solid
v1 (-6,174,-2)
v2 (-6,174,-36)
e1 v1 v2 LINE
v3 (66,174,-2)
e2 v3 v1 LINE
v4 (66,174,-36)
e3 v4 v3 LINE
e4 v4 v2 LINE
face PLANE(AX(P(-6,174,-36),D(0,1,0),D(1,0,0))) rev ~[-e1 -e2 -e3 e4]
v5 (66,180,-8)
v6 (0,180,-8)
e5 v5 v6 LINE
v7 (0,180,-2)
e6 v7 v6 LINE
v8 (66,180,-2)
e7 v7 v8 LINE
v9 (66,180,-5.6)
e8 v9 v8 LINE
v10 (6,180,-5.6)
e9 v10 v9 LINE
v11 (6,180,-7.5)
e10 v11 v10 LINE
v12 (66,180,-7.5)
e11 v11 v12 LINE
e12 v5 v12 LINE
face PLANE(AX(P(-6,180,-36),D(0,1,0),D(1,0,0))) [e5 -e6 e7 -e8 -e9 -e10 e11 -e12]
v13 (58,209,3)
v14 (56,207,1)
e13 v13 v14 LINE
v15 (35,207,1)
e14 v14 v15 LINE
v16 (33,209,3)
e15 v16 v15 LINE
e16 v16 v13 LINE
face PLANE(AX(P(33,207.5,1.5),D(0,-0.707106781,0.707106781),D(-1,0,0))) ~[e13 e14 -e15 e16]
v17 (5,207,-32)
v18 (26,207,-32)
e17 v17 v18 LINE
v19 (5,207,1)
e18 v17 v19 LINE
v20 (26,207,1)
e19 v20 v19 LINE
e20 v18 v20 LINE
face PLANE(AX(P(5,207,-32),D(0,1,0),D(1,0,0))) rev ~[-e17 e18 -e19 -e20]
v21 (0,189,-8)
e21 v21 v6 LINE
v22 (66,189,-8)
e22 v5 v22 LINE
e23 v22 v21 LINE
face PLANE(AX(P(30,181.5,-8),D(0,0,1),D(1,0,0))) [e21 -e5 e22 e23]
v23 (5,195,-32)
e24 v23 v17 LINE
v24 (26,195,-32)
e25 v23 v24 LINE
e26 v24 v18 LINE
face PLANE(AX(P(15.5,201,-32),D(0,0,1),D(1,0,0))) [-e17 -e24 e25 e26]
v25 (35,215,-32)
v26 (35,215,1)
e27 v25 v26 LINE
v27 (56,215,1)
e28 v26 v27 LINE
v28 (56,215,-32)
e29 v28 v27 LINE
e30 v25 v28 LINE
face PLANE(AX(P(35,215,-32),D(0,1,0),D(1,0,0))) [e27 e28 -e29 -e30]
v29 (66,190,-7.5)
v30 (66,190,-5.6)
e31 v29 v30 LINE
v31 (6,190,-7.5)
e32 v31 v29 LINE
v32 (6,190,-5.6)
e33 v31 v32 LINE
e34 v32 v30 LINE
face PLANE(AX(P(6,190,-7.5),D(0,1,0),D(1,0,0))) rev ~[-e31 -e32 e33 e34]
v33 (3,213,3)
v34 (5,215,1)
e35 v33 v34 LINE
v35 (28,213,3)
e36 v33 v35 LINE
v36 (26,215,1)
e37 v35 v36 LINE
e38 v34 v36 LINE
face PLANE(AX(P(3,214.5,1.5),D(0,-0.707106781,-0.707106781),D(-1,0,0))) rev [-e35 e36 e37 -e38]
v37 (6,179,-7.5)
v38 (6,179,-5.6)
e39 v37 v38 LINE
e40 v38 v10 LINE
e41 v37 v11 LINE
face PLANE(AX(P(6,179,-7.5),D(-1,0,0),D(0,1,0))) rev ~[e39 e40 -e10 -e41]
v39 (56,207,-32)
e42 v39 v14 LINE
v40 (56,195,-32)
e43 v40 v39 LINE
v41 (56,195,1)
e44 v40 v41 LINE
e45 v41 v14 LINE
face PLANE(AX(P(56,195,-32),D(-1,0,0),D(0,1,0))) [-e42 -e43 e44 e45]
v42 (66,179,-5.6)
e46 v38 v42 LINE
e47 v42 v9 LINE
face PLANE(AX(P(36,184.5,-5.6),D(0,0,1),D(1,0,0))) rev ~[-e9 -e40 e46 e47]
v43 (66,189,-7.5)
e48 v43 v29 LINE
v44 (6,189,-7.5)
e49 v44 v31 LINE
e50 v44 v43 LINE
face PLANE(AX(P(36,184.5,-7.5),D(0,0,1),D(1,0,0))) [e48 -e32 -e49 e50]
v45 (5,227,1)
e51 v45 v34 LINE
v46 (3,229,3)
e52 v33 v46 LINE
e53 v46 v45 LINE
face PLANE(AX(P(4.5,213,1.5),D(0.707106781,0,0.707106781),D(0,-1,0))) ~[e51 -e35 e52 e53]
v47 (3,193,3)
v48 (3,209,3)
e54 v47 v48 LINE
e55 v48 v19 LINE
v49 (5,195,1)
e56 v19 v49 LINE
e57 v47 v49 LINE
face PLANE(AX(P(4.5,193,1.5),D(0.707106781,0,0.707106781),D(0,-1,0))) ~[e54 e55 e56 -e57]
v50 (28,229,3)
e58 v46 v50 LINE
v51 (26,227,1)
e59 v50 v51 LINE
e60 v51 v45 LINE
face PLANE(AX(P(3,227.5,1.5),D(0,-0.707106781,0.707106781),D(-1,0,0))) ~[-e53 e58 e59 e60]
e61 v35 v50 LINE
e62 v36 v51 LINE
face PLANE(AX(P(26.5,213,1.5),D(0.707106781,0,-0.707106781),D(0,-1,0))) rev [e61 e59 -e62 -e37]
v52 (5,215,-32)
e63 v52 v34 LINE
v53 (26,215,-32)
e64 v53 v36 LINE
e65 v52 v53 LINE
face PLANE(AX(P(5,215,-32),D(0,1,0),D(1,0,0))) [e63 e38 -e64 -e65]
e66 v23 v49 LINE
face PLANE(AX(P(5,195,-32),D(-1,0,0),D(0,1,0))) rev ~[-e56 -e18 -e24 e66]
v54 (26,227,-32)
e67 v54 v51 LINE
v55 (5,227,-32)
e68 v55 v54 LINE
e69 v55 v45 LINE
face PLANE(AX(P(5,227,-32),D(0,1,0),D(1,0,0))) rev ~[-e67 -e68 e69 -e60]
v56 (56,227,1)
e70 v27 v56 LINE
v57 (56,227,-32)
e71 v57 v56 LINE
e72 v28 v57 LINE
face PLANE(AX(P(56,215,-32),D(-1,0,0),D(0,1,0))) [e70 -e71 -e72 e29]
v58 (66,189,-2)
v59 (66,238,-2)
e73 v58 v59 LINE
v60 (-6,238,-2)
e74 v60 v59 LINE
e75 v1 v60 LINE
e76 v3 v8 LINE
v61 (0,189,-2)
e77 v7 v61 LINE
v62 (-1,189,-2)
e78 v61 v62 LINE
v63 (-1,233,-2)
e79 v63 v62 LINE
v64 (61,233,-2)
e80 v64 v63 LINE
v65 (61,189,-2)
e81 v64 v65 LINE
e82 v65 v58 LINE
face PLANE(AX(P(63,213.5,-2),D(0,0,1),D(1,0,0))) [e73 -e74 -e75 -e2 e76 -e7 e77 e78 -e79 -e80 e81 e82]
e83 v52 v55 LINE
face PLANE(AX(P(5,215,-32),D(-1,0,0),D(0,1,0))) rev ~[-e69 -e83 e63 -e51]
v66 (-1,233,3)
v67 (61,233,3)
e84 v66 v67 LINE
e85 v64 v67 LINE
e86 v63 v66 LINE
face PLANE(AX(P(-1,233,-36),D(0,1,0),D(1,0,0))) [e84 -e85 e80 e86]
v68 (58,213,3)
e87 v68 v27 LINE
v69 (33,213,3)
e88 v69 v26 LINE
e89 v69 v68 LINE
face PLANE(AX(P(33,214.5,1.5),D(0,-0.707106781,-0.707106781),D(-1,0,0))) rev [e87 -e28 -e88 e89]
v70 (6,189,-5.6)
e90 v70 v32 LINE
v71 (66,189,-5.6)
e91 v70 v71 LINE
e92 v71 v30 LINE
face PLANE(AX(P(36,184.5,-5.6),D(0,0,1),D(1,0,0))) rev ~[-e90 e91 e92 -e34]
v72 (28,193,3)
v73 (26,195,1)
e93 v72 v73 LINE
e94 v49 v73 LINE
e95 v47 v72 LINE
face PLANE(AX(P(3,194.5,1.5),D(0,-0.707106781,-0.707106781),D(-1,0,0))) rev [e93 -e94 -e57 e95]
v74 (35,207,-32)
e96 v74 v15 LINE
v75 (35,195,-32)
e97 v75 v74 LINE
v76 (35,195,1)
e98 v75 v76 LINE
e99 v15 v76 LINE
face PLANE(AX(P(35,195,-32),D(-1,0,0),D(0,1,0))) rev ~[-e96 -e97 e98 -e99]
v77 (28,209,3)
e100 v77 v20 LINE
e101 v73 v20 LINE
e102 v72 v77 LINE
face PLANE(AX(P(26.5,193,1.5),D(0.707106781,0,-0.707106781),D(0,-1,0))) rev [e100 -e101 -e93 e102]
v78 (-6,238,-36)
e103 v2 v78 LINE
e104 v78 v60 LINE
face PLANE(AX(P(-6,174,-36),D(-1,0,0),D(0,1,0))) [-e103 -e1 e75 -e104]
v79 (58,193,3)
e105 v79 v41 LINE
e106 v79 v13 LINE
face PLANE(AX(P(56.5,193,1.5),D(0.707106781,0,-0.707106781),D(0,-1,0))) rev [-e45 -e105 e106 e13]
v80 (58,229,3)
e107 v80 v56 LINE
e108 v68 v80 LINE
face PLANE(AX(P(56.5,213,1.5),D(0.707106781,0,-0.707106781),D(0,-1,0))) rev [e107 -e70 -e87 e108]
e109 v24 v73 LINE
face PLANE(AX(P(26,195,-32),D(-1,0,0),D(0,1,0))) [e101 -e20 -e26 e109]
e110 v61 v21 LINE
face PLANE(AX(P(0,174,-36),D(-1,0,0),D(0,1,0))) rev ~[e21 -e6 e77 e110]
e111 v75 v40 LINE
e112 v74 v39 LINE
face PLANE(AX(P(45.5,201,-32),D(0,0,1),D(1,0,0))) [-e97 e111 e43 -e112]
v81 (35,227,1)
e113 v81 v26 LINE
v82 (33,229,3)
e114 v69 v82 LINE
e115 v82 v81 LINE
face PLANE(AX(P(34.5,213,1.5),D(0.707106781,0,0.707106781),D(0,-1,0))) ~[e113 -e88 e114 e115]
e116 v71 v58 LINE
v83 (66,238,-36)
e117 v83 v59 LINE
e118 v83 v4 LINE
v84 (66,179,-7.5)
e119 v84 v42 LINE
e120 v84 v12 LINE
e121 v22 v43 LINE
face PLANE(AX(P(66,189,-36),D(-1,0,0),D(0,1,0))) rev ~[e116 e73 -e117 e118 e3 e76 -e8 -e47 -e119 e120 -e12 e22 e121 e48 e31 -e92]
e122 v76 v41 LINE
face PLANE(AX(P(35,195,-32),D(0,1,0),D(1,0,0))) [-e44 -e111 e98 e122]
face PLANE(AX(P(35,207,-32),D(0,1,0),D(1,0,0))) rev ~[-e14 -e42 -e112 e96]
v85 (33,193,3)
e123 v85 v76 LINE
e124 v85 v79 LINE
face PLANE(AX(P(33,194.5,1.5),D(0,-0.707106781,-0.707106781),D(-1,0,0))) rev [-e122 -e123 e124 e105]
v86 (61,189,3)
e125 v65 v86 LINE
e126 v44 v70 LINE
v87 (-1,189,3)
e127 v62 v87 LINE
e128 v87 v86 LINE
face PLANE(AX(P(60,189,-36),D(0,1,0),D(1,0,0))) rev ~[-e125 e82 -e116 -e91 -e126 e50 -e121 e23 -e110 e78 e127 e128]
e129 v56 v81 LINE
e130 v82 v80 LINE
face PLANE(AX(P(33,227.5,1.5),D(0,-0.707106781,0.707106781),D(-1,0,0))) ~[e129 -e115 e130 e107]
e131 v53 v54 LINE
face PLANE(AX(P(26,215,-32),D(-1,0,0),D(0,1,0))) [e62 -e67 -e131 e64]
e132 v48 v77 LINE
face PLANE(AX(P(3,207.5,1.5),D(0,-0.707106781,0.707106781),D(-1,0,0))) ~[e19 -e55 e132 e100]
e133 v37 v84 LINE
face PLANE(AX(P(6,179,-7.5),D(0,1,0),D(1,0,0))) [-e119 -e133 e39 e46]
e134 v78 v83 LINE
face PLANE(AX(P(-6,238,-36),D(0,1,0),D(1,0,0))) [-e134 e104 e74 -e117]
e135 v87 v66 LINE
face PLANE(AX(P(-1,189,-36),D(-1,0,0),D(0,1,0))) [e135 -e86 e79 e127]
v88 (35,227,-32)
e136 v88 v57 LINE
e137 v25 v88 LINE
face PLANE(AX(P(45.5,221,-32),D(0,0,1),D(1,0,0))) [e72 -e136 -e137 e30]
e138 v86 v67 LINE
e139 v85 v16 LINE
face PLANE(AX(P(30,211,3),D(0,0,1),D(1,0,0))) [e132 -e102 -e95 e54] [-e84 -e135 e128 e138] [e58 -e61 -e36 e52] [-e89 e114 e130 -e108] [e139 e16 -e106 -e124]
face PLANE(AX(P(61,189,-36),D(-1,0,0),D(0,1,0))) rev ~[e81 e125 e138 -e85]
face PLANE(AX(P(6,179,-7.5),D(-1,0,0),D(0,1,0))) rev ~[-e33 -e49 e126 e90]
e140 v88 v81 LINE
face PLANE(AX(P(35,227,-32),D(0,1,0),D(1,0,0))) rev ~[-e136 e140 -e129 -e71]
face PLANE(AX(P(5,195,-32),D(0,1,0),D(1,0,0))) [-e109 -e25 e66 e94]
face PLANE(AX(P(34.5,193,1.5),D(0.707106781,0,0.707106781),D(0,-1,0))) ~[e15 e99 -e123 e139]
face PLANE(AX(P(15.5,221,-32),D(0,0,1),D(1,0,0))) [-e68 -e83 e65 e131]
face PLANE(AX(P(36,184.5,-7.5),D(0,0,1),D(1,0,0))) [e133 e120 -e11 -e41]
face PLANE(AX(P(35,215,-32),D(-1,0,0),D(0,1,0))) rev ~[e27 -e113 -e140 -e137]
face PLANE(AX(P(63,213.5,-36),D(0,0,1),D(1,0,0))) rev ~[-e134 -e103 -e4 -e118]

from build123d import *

# Parameters (mm, degrees)
BOX011_W        = 60
BOX011_H        = 11
BOX011_DEPTH    = 1.9
BOX010_W        = 72
BOX010_H        = 8
BOX010_DEPTH    = 34
BOX009_W        = 6
BOX009_H        = 49
BOX009_DEPTH    = 34
BOX008_W        = 6
BOX008_H        = 64
BOX008_DEPTH    = 34
BOX007_W        = 72
BOX007_H        = 6
BOX007_DEPTH    = 34
BOX003_W        = 25
BOX003_H        = 16
BOX003_DEPTH    = 4
CHAMFER001_SIZE = 3
BOX002_W        = 21
BOX002_H        = 12
BOX002_DEPTH    = 35
BOX004_W        = 62
BOX004_H        = 44
BOX004_DEPTH    = 39
BOX012_W        = 72
BOX012_H        = 15
BOX012_DEPTH    = 28


with BuildPart() as cube010:
    # Box011 → Box011 (new body)
    with BuildSketch(Plane(origin=(6, 179, -7.5), x_dir=(1, 0, 0), z_dir=(0, 0, 1))):
        with Locations((30, 5.5)):
            Rectangle(BOX011_W, BOX011_H)
    extrude(amount=BOX011_DEPTH)


with BuildPart() as cube009:
    # Box010 → Box010 (new body)
    with BuildSketch(Plane(origin=(-6, 230, -36), x_dir=(1, 0, 0), z_dir=(0, 0, 1))):
        with Locations((36, 4)):
            Rectangle(BOX010_W, BOX010_H)
    extrude(amount=BOX010_DEPTH)


with BuildPart() as cube008:
    # Box009 → Box009 (new body)
    with BuildSketch(Plane(origin=(60, 189, -36), x_dir=(1, 0, 0), z_dir=(0, 0, 1))):
        with Locations((3, 24.5)):
            Rectangle(BOX009_W, BOX009_H)
    extrude(amount=BOX009_DEPTH)


with BuildPart() as cube007:
    # Box008 → Box008 (new body)
    with BuildSketch(Plane(origin=(-6, 174, -36), x_dir=(1, 0, 0), z_dir=(0, 0, 1))):
        with Locations((3, 32)):
            Rectangle(BOX008_W, BOX008_H)
    extrude(amount=BOX008_DEPTH)


with BuildPart() as cube006:
    # Box007 → Box007 (new body)
    with BuildSketch(Plane(origin=(-6, 174, -36), x_dir=(1, 0, 0), z_dir=(0, 0, 1))):
        with Locations((36, 3)):
            Rectangle(BOX007_W, BOX007_H)
    extrude(amount=BOX007_DEPTH)


with BuildPart() as chamfer001:
    # Box003 → Box003 (new body)
    with BuildSketch(Plane(origin=(-2, -2, 32), x_dir=(1, 0, 0), z_dir=(0, 0, 1))):
        with Locations((12.5, 8)):
            Rectangle(BOX003_W, BOX003_H)
    extrude(amount=BOX003_DEPTH)

    # Chamfer001
    chamfer001_edges = [chamfer001.edges().sort_by_distance(p)[0] for p in [
        (-2, 6, 32),
        (23, 6, 32),
        (10.5, -2, 32),
        (10.5, 14, 32),
    ]]
    chamfer(chamfer001_edges, length=CHAMFER001_SIZE)


with BuildPart() as usbstickaussparung:
    # Box002 → Box002 (new body)
    with BuildSketch(Plane.XY):
        with Locations((10.5, 6)):
            Rectangle(BOX002_W, BOX002_H)
    extrude(amount=BOX002_DEPTH)

    # Fusion001: union Chamfer001
    add(chamfer001.part)


with BuildPart() as usbstickaussparung_1:
    # Fusion001 placement: moved
    add(usbstickaussparung.part.moved(Location((30, 175, 0))))


with BuildPart() as clone_of_usbstickaussparung001:
    # Clone001 base: copy of USBStickAussparung
    add(usbstickaussparung_1.part)


with BuildPart() as clone_of_usbstickaussparung001_1:
    # Clone001 placement: moved
    add(clone_of_usbstickaussparung001.part.moved(Location((-30, 0, 0))))


with BuildPart() as clone_of_usbstickaussparung:
    # Clone base: copy of USBStickAussparung
    add(usbstickaussparung_1.part)


with BuildPart() as clone_of_usbstickaussparung_1:
    # Clone placement: moved
    add(clone_of_usbstickaussparung.part.moved(Location((0, -20, 0))))


with BuildPart() as usbaussparungen:
    # Clone002 base: copy of USBStickAussparung
    add(usbstickaussparung_1.part)


with BuildPart() as usbaussparungen_1:
    # Clone002 placement: moved
    add(usbaussparungen.part.moved(Location((-30, -20, 0))))

    # Fusion002: union USBStickAussparung, Clone of USBStickAussparung001, Clone of USBStickAussparung
    add(usbstickaussparung_1.part)
    add(clone_of_usbstickaussparung001_1.part)
    add(clone_of_usbstickaussparung_1.part)


with BuildPart() as usbaussparungen_2:
    # Fusion002 placement: moved
    add(usbaussparungen_1.part.moved(Location((5, 0, 4))))


with BuildPart() as usbhalter:
    # Box004 → Box004 (new body)
    with BuildSketch(Plane(origin=(-1, 149, 0), x_dir=(1, 0, 0), z_dir=(0, 0, 1))):
        with Locations((31, 22)):
            Rectangle(BOX004_W, BOX004_H)
    extrude(amount=BOX004_DEPTH)

    # Cut: cut USBAussparungen
    add(usbaussparungen_2.part, mode=Mode.SUBTRACT)


with BuildPart() as usbhalter_1:
    # Cut placement: moved
    add(usbhalter.part.moved(Location((0, 40, -36))))


with BuildPart() as halterblock:
    # Box012 → Box012 (new body)
    with BuildSketch(Plane(origin=(-6, 174, -36), x_dir=(1, 0, 0), z_dir=(0, 0, 1))):
        with Locations((36, 7.5)):
            Rectangle(BOX012_W, BOX012_H)
    extrude(amount=BOX012_DEPTH)

    # Fusion003: union Cube009, Cube008, Cube007, Cube006, USBHalter
    add(cube009.part)
    add(cube008.part)
    add(cube007.part)
    add(cube006.part)
    add(usbhalter_1.part)

    # Cut003: cut Cube010
    add(cube010.part, mode=Mode.SUBTRACT)


solid = halterblock.part
